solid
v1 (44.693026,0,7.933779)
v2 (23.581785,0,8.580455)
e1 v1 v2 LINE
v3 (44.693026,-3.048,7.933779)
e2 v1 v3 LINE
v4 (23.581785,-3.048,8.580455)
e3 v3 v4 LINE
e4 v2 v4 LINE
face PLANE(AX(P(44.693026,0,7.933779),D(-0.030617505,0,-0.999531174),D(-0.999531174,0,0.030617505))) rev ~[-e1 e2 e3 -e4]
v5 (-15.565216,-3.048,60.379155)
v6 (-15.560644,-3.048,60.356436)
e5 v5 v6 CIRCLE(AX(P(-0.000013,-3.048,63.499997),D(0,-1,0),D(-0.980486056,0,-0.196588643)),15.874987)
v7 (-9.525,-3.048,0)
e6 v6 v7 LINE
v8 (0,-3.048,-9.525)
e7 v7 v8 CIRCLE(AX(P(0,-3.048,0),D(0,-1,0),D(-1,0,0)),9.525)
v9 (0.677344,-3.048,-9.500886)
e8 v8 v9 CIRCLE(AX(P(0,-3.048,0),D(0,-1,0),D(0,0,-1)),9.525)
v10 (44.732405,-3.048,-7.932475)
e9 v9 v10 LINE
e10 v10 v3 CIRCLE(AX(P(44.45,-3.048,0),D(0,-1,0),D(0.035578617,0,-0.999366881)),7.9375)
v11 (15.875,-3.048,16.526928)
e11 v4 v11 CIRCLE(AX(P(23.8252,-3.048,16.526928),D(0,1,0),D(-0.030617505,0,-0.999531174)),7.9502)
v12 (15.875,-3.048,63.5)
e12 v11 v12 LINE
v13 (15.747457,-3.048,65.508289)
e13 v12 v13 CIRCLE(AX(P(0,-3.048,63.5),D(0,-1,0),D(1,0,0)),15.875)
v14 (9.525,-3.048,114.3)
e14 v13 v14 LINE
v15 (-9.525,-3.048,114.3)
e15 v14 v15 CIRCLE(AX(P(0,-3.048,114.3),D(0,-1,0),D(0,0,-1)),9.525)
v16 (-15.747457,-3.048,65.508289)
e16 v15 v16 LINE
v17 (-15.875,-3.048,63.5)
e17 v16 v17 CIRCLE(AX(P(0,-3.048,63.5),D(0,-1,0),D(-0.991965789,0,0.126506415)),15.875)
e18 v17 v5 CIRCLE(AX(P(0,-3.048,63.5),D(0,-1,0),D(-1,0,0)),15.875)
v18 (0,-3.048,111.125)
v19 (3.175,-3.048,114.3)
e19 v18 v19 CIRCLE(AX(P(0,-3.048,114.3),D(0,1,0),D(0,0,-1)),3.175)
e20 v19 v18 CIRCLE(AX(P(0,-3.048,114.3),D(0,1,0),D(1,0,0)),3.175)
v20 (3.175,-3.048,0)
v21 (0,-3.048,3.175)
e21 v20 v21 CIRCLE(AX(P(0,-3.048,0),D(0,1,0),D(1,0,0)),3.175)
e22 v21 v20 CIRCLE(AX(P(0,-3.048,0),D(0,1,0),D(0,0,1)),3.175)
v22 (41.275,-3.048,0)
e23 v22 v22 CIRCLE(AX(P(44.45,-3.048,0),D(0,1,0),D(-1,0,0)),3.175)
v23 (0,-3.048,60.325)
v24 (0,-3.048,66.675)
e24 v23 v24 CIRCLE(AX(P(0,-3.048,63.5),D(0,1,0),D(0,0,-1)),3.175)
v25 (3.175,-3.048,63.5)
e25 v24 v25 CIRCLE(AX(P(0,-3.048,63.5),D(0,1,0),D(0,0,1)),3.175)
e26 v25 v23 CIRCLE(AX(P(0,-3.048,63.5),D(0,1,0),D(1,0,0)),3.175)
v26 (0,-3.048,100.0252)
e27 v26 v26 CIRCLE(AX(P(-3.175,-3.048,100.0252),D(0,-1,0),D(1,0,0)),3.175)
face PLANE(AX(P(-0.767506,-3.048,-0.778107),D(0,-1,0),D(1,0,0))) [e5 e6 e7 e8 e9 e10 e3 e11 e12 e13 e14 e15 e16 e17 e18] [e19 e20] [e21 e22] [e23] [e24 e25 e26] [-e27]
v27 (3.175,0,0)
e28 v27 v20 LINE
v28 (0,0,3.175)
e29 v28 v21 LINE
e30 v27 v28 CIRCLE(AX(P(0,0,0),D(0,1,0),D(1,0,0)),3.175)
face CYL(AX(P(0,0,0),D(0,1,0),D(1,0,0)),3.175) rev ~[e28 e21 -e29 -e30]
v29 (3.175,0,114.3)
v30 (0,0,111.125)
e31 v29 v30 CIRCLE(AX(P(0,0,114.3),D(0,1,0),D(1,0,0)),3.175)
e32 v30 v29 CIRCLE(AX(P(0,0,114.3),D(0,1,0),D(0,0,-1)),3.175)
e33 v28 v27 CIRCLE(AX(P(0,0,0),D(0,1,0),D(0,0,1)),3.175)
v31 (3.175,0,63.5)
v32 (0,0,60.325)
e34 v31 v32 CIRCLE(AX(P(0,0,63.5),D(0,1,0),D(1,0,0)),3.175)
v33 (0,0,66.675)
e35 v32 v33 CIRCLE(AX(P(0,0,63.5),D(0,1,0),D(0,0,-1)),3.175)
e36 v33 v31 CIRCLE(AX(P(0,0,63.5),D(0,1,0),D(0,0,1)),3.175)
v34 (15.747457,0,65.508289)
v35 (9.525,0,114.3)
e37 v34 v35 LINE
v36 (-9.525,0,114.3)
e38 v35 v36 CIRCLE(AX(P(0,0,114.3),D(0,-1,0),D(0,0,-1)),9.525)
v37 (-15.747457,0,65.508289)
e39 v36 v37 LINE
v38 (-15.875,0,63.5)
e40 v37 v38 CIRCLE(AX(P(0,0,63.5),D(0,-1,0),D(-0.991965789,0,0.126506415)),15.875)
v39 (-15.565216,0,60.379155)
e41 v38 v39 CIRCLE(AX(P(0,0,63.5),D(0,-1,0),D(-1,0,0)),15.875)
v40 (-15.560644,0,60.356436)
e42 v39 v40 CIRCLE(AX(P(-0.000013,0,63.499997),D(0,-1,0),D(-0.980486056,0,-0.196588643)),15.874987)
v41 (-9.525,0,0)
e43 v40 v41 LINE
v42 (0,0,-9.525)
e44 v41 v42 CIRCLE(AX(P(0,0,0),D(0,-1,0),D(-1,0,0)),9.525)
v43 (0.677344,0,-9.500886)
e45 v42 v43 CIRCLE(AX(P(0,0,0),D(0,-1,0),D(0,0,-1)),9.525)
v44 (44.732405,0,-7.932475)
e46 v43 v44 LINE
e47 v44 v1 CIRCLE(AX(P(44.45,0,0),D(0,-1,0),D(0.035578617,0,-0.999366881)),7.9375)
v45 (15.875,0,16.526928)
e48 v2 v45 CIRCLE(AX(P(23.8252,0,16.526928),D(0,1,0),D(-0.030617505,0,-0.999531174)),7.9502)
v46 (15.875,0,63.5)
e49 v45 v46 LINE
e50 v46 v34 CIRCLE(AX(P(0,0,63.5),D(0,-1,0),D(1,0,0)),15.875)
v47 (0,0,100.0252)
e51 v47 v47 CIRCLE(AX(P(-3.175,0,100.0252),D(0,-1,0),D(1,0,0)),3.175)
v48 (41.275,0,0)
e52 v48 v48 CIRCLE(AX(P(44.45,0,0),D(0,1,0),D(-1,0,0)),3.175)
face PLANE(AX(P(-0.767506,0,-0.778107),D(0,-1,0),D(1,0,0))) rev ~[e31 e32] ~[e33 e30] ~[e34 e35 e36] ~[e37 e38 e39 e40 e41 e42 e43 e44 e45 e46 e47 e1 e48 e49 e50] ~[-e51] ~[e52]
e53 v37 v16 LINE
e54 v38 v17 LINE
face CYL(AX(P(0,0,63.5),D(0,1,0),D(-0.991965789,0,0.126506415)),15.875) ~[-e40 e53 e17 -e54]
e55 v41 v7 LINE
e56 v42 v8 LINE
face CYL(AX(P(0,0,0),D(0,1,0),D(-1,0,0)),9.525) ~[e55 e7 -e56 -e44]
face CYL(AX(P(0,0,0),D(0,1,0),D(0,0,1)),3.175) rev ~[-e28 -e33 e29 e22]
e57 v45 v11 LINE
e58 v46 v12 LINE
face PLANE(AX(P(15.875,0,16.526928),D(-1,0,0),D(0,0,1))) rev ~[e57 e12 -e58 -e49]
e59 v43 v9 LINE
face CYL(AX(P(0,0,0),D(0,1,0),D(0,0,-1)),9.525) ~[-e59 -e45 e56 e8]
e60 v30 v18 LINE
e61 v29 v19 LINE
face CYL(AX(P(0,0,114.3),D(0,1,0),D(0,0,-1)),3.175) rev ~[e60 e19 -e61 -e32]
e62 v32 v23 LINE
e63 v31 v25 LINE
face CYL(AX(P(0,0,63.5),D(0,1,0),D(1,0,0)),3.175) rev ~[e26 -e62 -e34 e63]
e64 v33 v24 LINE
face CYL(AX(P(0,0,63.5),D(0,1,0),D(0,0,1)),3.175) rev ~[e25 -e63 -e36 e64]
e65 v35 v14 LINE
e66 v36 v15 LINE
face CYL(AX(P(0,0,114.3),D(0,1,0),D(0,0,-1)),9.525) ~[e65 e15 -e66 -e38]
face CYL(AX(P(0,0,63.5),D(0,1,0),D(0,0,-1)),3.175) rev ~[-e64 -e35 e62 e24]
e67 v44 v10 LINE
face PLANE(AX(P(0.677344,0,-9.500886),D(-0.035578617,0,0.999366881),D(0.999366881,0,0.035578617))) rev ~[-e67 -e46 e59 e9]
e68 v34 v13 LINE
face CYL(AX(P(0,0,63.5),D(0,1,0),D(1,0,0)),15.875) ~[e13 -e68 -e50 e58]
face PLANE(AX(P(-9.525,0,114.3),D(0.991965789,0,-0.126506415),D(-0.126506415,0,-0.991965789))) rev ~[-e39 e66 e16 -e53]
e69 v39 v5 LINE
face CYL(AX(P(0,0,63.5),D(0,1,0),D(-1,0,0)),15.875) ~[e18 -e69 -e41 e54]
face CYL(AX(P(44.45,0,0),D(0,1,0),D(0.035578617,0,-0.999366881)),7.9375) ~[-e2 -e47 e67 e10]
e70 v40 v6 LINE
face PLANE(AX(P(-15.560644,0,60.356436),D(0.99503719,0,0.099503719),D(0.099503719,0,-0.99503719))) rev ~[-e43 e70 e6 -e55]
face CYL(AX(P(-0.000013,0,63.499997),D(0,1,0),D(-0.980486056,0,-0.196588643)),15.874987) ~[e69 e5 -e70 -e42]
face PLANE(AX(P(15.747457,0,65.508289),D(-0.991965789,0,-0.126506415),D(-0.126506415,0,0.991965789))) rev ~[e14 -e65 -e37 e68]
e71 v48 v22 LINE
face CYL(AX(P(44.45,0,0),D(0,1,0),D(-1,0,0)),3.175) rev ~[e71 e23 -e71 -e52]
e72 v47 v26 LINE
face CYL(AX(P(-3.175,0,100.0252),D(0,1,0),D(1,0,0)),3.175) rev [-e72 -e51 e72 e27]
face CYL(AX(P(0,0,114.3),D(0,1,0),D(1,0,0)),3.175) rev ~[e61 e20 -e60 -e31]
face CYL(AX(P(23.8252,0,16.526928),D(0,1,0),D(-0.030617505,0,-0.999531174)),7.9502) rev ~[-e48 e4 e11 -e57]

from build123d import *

# Parameters (mm, degrees)
F0_R     = 3.175
F1_DEPTH = 3.048


with BuildPart() as f1:
    # F0 (on Front) → F1 (new body)
    with BuildSketch(Plane.XZ):
        with BuildLine():
            ThreePointArc((3.175, 0), (-2.2450640303, -2.2450640303), (0, 3.175))
            Line((0, 3.175), (0, 9.525))
            ThreePointArc((0, 9.525), (-6.7351920908, 6.7351920908), (-9.525, 0))
            ThreePointArc((-9.525, 0), (-6.7351920908, -6.7351920908), (0, -9.525))
            Line((0, -9.525), (0.6773435479, -9.500885786))
            ThreePointArc((0.6773435479, -9.500885786), (6.9705567315, -6.4912990883), (9.525, 0))
            Line((9.525, 0), (3.175, 0))
        make_face()
        with BuildLine():
            ThreePointArc((-9.525, 0), (-6.7351920908, 6.7351920908), (0, 9.525))
            Line((0, 9.525), (0, 47.625))
            ThreePointArc((0, 47.625), (-10.0526499203, 51.2134278751), (-15.5606435644, 60.3564356436))
            Line((-15.5606435644, 60.3564356436), (-9.525, 0))
        make_face()
        with BuildLine():
            Line((0, 47.625), (0, 9.525))
            ThreePointArc((0, 9.525), (6.7351920908, 6.7351920908), (9.525, 0))
            Line((9.525, 0), (36.5125, 0))
            ThreePointArc((36.5125, 0), (38.9239306999, 5.6979350945), (44.6930264481, 7.9337786959))
            Line((44.6930264481, 7.9337786959), (23.5817847096, 8.5804554297))
            ThreePointArc((23.5817847096, 8.5804554297), (18.1181482094, 10.9920171606), (15.875, 16.5269281715))
            Line((15.875, 16.5269281715), (15.875, 63.5))
            ThreePointArc((15.875, 63.5), (11.2253201513, 52.2746798487), (0, 47.625))
        make_face()
        with BuildLine():
            Line((36.5125, 0), (9.525, 0))
            ThreePointArc((9.525, 0), (6.9705567315, -6.4912990883), (0.6773435479, -9.500885786))
            Line((0.6773435479, -9.500885786), (44.7324052746, -7.9324746146))
            ThreePointArc((44.7324052746, -7.9324746146), (38.9380895153, -5.7116327839), (36.5125, 0))
        make_face()
        with BuildLine():
            ThreePointArc((-15.5606435644, 60.3564356436), (-10.0526499203, 51.2134278751), (0, 47.625))
            Line((0, 47.625), (0, 60.325))
            ThreePointArc((0, 60.325), (-3.175, 63.5), (0, 66.675))
            Line((0, 66.675), (0, 79.375))
            ThreePointArc((0, 79.375), (-10.4912828548, 75.4142187767), (-15.7474569047, 65.5082893304))
            ThreePointArc((-15.7474569047, 65.5082893304), (-15.8430821396, 64.5061676396), (-15.875, 63.5))
            Line((-15.875, 63.5), (-15.5606435644, 60.3564356436))
        make_face()
        with BuildLine():
            Line((0, 60.325), (0, 47.625))
            ThreePointArc((0, 47.625), (11.2253201513, 52.2746798487), (15.875, 63.5))
            ThreePointArc((15.875, 63.5), (15.8430821396, 64.5061676396), (15.7474569047, 65.5082893304))
            ThreePointArc((15.7474569047, 65.5082893304), (10.4912828548, 75.4142187767), (0, 79.375))
            Line((0, 79.375), (0, 66.675))
            ThreePointArc((0, 66.675), (2.2450640303, 65.7450640303), (3.175, 63.5))
            ThreePointArc((3.175, 63.5), (2.2450640303, 61.2549359697), (0, 60.325))
        make_face()
        with BuildLine():
            ThreePointArc((44.6930264481, 7.9337786959), (38.9239306999, 5.6979350945), (36.5125, 0))
            ThreePointArc((36.5125, 0), (38.9380895153, -5.7116327839), (44.7324052746, -7.9324746146))
            ThreePointArc((44.7324052746, -7.9324746146), (50.1616327839, -5.5119104847), (52.3875, 0))
            ThreePointArc((52.3875, 0), (50.1479350945, 5.5260693001), (44.6930264481, 7.9337786959))
        make_face()
        with BuildLine():
            ThreePointArc((47.625, 0), (44.45, -3.175), (41.275, 0))
            ThreePointArc((41.275, 0), (44.45, 3.175), (47.625, 0))
        make_face(mode=Mode.SUBTRACT)
        with BuildLine():
            ThreePointArc((0, -9.525), (0.3388863295, -9.5189695375), (0.6773435479, -9.500885786))
            Line((0.6773435479, -9.500885786), (0, -9.525))
        make_face()
        with BuildLine():
            ThreePointArc((-15.5652161214, 60.3791552277), (-15.5629339888, 60.3677946012), (-15.5606435644, 60.3564356436))
            Line((-15.5606435644, 60.3564356436), (-15.875, 63.5))
            Line((-15.875, 63.5), (-15.5652161214, 60.3791552277))
        make_face()
        with BuildLine():
            ThreePointArc((-15.875, 63.5), (-15.7973641936, 61.9319089516), (-15.5652161214, 60.3791552277))
            Line((-15.5652161214, 60.3791552277), (-15.875, 63.5))
        make_face()
        with BuildLine():
            ThreePointArc((0, 79.375), (10.4912828548, 75.4142187767), (15.7474569047, 65.5082893304))
            Line((15.7474569047, 65.5082893304), (9.525, 114.3))
            ThreePointArc((9.525, 114.3), (6.7351920908, 107.5648079092), (0, 104.775))
            Line((0, 104.775), (0, 100.0252))
            Line((0, 100.0252), (0, 79.375))
        make_face()
        with BuildLine():
            ThreePointArc((-15.7474569047, 65.5082893304), (-10.4912828548, 75.4142187767), (0, 79.375))
            Line((0, 79.375), (0, 100.0252))
            Line((0, 100.0252), (0, 104.775))
            ThreePointArc((0, 104.775), (-6.7351920908, 107.5648079092), (-9.525, 114.3))
            Line((-9.525, 114.3), (-15.7474569047, 65.5082893304))
        make_face()
        with Locations((-3.175, 100.0252)):
            Circle(F0_R, mode=Mode.SUBTRACT)
        with BuildLine():
            ThreePointArc((0, 104.775), (6.7351920908, 107.5648079092), (9.525, 114.3))
            ThreePointArc((9.525, 114.3), (0, 123.825), (-9.525, 114.3))
            ThreePointArc((-9.525, 114.3), (-6.7351920908, 107.5648079092), (0, 104.775))
        make_face()
        with BuildLine():
            ThreePointArc((3.175, 114.3), (2.2450640303, 112.0549359697), (0, 111.125))
            ThreePointArc((0, 111.125), (-2.2450640303, 116.5450640303), (3.175, 114.3))
        make_face(mode=Mode.SUBTRACT)
        with BuildLine():
            Line((0, 9.525), (0, 3.175))
            ThreePointArc((0, 3.175), (2.2450640303, 2.2450640303), (3.175, 0))
            Line((3.175, 0), (9.525, 0))
            ThreePointArc((9.525, 0), (6.7351920908, 6.7351920908), (0, 9.525))
        make_face()
    extrude(amount=F1_DEPTH)


solid = f1.part
